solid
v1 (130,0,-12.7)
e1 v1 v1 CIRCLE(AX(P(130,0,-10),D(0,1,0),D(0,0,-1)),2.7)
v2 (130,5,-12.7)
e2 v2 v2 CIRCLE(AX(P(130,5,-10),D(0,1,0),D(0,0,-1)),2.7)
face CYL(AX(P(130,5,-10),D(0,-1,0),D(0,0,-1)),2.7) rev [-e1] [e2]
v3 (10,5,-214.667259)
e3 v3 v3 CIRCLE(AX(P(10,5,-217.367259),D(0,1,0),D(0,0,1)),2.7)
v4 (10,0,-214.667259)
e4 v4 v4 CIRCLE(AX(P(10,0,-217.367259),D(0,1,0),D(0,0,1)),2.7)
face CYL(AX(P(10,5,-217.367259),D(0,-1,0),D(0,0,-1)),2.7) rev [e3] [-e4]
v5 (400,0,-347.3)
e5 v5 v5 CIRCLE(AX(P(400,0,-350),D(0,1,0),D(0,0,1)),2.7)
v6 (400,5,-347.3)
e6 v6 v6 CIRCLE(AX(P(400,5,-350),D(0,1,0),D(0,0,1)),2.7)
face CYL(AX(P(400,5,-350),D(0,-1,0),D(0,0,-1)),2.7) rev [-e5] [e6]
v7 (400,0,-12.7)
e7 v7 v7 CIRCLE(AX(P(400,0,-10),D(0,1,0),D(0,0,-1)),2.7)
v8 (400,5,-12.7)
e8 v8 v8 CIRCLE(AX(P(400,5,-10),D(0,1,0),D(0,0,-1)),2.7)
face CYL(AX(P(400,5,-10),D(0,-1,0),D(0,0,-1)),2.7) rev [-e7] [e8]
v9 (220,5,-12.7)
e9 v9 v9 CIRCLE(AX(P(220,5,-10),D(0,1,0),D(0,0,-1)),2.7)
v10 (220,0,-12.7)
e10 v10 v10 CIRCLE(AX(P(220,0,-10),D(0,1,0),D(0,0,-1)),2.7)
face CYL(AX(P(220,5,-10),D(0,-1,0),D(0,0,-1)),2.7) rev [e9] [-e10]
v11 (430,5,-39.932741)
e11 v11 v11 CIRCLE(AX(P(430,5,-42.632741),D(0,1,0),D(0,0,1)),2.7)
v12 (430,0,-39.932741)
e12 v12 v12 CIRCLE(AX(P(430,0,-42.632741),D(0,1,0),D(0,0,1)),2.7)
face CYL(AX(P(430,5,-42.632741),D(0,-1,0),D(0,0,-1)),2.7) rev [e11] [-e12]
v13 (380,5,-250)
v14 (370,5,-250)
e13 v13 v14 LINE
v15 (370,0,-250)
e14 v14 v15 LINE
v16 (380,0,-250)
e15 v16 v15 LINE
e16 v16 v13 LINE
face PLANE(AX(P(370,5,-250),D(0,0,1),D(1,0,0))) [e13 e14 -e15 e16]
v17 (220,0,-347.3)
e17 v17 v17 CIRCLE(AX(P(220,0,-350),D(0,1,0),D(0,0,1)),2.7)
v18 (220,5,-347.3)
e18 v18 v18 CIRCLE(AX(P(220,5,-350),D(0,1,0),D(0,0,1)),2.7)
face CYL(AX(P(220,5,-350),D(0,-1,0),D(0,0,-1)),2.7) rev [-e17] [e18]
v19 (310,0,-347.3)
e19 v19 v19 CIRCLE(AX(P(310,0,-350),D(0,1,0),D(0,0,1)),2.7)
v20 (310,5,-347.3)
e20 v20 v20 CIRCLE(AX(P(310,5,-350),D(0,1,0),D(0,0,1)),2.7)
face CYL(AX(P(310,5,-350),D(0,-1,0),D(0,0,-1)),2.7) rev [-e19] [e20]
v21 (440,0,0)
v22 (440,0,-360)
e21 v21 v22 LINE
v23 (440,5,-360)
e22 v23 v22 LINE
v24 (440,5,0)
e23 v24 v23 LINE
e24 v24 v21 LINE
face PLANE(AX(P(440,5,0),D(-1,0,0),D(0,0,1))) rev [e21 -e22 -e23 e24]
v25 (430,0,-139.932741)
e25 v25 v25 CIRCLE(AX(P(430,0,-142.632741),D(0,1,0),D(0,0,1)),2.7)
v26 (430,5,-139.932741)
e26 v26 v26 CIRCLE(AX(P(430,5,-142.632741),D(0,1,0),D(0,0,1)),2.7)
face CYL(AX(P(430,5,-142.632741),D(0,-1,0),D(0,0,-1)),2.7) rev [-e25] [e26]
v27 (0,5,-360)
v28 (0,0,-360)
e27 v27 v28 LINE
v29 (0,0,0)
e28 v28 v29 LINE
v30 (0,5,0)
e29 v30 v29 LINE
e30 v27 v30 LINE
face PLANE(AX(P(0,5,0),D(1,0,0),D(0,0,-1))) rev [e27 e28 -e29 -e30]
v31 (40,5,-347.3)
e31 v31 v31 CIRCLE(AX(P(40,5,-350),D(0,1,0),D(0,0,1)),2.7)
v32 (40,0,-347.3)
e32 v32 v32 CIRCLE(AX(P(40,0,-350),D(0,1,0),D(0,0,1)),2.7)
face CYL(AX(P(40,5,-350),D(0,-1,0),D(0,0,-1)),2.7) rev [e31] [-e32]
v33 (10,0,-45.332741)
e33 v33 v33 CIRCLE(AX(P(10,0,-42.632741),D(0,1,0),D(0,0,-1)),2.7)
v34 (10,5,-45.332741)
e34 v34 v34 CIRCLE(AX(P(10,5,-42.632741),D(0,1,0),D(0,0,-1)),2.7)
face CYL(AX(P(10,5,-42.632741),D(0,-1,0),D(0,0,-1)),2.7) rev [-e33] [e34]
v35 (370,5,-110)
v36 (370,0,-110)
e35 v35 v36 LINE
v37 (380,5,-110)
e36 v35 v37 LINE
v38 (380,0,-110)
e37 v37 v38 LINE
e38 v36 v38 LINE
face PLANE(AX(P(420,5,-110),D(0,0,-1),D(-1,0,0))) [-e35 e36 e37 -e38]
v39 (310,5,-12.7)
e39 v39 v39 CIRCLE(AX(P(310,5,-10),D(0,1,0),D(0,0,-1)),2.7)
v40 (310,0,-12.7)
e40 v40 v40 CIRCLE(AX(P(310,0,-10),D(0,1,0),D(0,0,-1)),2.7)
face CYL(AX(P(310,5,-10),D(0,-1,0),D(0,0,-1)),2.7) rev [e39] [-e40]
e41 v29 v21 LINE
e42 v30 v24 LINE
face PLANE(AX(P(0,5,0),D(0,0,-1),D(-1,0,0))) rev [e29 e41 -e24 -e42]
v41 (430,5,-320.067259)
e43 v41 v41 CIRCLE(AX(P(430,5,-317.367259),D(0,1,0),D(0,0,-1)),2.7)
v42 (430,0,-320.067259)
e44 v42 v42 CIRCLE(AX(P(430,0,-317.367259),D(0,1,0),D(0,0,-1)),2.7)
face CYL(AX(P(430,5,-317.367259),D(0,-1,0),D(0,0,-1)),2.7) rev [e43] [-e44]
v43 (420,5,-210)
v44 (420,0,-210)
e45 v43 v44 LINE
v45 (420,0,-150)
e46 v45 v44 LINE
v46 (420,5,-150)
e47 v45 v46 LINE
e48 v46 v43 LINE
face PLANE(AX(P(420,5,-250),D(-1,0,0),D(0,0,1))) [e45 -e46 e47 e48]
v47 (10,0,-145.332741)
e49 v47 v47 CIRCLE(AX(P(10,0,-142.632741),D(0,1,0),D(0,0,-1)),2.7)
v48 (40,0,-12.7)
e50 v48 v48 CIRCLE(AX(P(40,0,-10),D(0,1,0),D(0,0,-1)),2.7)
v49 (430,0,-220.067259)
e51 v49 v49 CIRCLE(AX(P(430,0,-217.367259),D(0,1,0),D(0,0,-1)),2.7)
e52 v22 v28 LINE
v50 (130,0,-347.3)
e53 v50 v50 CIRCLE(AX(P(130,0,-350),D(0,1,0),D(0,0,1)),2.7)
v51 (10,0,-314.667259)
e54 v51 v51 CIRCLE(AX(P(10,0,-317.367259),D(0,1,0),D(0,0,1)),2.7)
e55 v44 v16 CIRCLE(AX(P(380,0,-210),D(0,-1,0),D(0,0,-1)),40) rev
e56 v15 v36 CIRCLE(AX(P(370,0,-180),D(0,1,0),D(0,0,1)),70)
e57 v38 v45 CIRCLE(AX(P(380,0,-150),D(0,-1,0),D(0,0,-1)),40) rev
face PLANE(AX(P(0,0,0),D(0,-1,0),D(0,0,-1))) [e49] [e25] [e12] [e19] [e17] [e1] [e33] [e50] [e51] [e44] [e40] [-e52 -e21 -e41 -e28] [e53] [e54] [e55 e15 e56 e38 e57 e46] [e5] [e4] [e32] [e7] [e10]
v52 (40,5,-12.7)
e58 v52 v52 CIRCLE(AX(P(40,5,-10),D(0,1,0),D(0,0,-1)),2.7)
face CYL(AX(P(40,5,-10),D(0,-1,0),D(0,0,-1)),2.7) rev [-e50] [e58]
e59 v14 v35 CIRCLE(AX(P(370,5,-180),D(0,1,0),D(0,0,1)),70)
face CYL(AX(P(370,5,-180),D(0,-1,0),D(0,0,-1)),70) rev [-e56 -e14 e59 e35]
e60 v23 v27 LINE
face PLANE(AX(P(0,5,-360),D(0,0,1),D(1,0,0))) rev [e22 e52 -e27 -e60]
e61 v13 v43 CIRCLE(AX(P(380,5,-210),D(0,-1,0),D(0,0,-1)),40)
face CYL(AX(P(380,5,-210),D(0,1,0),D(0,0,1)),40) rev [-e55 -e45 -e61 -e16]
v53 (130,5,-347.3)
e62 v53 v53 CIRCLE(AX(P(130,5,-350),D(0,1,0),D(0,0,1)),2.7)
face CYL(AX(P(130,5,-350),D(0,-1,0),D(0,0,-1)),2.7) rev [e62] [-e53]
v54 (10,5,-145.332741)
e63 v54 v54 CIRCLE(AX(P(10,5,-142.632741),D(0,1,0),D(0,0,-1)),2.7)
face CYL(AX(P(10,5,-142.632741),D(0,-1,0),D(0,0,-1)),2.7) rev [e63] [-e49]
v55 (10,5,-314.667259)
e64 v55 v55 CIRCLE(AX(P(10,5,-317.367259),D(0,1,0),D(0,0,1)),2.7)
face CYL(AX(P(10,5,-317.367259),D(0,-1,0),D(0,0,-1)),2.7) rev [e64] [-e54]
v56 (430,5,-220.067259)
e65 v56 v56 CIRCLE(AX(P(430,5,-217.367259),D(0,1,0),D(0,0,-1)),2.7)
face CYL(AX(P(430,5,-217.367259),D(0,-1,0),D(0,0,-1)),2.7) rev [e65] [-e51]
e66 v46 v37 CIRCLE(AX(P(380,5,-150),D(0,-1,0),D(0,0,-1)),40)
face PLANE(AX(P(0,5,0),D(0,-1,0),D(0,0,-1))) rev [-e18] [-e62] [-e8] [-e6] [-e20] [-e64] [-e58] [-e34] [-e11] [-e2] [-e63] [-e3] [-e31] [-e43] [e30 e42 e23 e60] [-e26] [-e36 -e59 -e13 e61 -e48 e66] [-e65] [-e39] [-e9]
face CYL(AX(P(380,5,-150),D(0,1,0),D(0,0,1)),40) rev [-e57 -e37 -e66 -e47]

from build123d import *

# Parameters (mm, degrees)
ESQUISSE1_W        = 440
ESQUISSE1_H        = 360
ESQUISSE1_R        = 2.7
BOSS_EXTRU_1_DEPTH = 5
CONG_1_R           = 40


with BuildPart() as part:
    # Esquisse1 → Boss.-Extru.1 (new body)
    with BuildSketch(Plane(origin=(0, 0, 0), x_dir=(1, 0, 0), z_dir=(0, 1, 0))):
        with Locations((220, 180)):
            Rectangle(ESQUISSE1_W, ESQUISSE1_H)
        with Locations((40, 350)):
            Circle(ESQUISSE1_R, mode=Mode.SUBTRACT)
        with Locations((130, 350)):
            Circle(ESQUISSE1_R, mode=Mode.SUBTRACT)
        with Locations((220, 350)):
            Circle(ESQUISSE1_R, mode=Mode.SUBTRACT)
        with Locations((310, 350)):
            Circle(ESQUISSE1_R, mode=Mode.SUBTRACT)
        with Locations((400, 350)):
            Circle(ESQUISSE1_R, mode=Mode.SUBTRACT)
        with Locations((400, 10)):
            Circle(ESQUISSE1_R, mode=Mode.SUBTRACT)
        with Locations((310, 10)):
            Circle(ESQUISSE1_R, mode=Mode.SUBTRACT)
        with Locations((220, 10)):
            Circle(ESQUISSE1_R, mode=Mode.SUBTRACT)
        with Locations((130, 10)):
            Circle(ESQUISSE1_R, mode=Mode.SUBTRACT)
        with Locations((40, 10)):
            Circle(ESQUISSE1_R, mode=Mode.SUBTRACT)
        with Locations((10, 217.36725867)):
            Circle(ESQUISSE1_R, mode=Mode.SUBTRACT)
        with Locations((10, 317.36725867)):
            Circle(ESQUISSE1_R, mode=Mode.SUBTRACT)
        with Locations((10, 42.63274133)):
            Circle(ESQUISSE1_R, mode=Mode.SUBTRACT)
        with Locations((10, 142.63274133)):
            Circle(ESQUISSE1_R, mode=Mode.SUBTRACT)
        with Locations((430, 142.63274133)):
            Circle(ESQUISSE1_R, mode=Mode.SUBTRACT)
        with Locations((430, 42.63274133)):
            Circle(ESQUISSE1_R, mode=Mode.SUBTRACT)
        with Locations((430, 317.36725867)):
            Circle(ESQUISSE1_R, mode=Mode.SUBTRACT)
        with Locations((430, 217.36725867)):
            Circle(ESQUISSE1_R, mode=Mode.SUBTRACT)
        with BuildLine():
            Line((370, 250), (420, 250))
            Line((420, 250), (420, 110))
            Line((420, 110), (370, 110))
            ThreePointArc((370, 110), (300, 180), (370, 250))
        make_face(mode=Mode.SUBTRACT)
    extrude(amount=BOSS_EXTRU_1_DEPTH)

    # Congé1
    cong_1_edges = [part.edges().sort_by_distance(p)[0] for p in [
        (420, 2.5, -110),
        (420, 2.5, -250),
    ]]
    fillet(cong_1_edges, radius=CONG_1_R)


solid = part.part
